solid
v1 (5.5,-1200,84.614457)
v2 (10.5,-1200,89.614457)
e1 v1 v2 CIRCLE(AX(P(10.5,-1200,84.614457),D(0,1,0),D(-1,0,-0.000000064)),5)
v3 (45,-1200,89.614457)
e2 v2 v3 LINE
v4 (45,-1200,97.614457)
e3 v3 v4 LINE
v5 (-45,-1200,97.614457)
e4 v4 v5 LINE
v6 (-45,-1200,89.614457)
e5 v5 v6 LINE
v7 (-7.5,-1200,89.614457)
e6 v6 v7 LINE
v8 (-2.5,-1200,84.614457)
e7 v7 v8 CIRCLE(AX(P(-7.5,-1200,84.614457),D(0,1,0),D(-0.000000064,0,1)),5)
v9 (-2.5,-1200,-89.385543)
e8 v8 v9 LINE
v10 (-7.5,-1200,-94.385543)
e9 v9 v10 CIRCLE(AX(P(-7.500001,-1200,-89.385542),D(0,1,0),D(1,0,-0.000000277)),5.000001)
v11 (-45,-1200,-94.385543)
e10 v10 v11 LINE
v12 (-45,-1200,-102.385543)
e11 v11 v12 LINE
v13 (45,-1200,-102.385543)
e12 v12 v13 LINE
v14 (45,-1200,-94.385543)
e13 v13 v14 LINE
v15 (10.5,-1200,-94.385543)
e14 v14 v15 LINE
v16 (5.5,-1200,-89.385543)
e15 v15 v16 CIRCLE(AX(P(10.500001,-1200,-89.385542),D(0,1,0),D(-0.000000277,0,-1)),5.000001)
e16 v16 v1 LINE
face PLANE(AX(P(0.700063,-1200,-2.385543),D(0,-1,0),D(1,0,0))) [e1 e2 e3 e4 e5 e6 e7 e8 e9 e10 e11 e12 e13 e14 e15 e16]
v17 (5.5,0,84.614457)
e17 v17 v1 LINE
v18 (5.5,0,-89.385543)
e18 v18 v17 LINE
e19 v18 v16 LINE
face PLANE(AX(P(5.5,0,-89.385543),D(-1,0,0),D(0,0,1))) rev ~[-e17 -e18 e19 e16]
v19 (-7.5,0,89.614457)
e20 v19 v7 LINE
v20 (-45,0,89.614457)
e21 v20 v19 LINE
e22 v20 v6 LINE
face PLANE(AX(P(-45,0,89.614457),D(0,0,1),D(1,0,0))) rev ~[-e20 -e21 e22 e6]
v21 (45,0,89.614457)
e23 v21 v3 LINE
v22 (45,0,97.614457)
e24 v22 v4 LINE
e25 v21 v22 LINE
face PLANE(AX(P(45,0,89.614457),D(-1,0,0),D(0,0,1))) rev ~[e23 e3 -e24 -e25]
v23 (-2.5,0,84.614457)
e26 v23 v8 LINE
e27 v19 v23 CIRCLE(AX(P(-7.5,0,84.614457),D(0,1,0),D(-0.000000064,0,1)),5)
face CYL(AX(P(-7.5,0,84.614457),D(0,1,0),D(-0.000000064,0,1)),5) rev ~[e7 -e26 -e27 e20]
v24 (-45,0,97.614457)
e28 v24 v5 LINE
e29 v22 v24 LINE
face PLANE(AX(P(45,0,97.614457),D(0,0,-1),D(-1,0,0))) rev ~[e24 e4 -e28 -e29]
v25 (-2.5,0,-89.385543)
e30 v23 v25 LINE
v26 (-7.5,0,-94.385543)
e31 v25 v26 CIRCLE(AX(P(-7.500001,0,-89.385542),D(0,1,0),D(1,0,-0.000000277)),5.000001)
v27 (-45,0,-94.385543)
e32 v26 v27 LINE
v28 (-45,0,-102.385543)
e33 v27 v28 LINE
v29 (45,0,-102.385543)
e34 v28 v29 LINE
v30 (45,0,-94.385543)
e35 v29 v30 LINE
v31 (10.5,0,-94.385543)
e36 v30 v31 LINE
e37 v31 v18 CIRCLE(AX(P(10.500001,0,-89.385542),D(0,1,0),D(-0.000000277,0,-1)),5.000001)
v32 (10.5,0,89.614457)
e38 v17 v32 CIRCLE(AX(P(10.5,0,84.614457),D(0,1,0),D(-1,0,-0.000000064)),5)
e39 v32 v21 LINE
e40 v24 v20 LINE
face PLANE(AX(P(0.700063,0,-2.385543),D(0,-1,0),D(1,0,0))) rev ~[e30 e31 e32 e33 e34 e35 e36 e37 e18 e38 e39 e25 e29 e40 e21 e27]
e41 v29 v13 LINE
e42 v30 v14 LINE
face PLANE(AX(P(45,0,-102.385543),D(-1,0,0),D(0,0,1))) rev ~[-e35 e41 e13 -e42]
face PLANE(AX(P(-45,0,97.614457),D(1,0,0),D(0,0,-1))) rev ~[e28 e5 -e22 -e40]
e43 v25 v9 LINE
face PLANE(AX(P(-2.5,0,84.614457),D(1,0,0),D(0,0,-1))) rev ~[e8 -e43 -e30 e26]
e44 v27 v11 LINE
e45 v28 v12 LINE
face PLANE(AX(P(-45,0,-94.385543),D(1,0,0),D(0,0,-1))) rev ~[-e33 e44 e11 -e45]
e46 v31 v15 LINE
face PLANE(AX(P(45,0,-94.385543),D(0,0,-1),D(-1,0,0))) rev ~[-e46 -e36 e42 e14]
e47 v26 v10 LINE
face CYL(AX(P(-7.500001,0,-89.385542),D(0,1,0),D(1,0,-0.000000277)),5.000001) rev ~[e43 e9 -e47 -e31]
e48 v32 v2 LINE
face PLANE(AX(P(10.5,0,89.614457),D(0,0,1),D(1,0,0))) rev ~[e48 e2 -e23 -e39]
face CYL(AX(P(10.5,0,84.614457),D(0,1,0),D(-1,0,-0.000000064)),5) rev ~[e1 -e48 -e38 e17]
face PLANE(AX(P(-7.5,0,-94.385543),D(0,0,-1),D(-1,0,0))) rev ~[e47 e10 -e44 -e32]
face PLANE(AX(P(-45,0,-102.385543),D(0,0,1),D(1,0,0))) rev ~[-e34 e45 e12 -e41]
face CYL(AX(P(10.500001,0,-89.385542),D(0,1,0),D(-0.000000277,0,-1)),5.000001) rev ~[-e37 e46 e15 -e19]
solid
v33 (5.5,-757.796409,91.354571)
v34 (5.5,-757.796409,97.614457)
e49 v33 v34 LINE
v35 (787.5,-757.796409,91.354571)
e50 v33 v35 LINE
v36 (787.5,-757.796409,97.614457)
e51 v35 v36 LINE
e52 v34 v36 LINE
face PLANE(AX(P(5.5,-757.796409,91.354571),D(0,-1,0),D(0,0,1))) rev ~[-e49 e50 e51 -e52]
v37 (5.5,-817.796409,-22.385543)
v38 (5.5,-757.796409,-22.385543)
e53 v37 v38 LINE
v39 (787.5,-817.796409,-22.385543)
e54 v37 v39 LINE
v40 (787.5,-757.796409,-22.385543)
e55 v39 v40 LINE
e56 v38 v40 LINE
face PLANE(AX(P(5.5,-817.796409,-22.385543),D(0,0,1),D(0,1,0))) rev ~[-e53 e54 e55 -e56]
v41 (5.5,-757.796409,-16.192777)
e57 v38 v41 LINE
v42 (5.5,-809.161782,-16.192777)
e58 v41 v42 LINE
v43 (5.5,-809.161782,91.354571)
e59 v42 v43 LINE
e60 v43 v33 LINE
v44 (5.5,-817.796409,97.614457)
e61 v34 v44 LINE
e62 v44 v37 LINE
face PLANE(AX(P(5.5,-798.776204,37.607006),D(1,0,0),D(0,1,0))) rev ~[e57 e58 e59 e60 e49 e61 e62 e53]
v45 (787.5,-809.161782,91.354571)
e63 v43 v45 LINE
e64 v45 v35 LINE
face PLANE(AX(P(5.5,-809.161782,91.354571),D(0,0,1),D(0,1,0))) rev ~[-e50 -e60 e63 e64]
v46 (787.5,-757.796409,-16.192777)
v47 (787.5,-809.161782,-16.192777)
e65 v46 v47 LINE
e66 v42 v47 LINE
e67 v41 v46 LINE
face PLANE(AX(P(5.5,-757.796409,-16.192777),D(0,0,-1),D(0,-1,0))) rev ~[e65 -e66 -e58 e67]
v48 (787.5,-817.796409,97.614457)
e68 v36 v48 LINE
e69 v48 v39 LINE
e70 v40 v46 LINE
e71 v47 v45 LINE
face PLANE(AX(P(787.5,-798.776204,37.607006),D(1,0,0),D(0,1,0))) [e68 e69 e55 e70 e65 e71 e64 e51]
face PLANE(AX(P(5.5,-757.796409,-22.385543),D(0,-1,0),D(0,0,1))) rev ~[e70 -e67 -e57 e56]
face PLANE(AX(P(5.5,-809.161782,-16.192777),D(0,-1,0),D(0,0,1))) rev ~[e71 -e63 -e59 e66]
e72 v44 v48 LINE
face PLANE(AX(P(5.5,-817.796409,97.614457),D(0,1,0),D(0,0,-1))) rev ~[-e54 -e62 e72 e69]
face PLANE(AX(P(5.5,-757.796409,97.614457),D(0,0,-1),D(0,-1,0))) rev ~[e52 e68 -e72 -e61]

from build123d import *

# Parameters (mm, degrees)
F1_DEPTH = 1200
F3_DEPTH = 782


with BuildPart() as f1:
    # F0 (on Front) → F1 (new body)
    with BuildSketch(Plane.XZ):
        with BuildLine():
            Line((45, 97.614457), (-45, 97.614457))
            Line((-45, 97.614457), (-45, 89.614457))
            Line((-45, 89.614457), (-7.5, 89.614457))
            ThreePointArc((-7.5, 89.614457), (-3.964466, 88.149991), (-2.5, 84.614457))
            Line((-2.5, 84.614457), (-2.5, -89.385543))
            ThreePointArc((-2.5, -89.385543), (-3.964466, -92.921076), (-7.5, -94.385543))
            Line((-7.5, -94.385543), (-45, -94.385543))
            Line((-45, -94.385543), (-45, -102.385543))
            Line((-45, -102.385543), (45, -102.385543))
            Line((45, -102.385543), (45, -94.385543))
            Line((45, -94.385543), (10.5, -94.385543))
            ThreePointArc((10.5, -94.385543), (6.964466, -92.921076), (5.5, -89.385543))
            Line((5.5, -89.385543), (5.5, 84.614457))
            ThreePointArc((5.5, 84.614457), (6.964466, 88.149991), (10.5, 89.614457))
            Line((10.5, 89.614457), (45, 89.614457))
            Line((45, 89.614457), (45, 97.614457))
        make_face()
    extrude(amount=F1_DEPTH)


with BuildPart() as f3:
    # F2 (on face) → F3 (new body)
    with BuildSketch(Plane.YZ.offset(5.5)):
        Polygon((-757.796409, 97.614457), (-817.796409, 97.614457), (-817.796409, -22.385543), (-757.796409, -22.385543), (-757.796409, -16.192777), (-809.161782, -16.192777), (-809.161782, 91.354571), (-757.796409, 91.354571), align=None)
    extrude(amount=F3_DEPTH)


solid = Compound([f1.part, f3.part])
